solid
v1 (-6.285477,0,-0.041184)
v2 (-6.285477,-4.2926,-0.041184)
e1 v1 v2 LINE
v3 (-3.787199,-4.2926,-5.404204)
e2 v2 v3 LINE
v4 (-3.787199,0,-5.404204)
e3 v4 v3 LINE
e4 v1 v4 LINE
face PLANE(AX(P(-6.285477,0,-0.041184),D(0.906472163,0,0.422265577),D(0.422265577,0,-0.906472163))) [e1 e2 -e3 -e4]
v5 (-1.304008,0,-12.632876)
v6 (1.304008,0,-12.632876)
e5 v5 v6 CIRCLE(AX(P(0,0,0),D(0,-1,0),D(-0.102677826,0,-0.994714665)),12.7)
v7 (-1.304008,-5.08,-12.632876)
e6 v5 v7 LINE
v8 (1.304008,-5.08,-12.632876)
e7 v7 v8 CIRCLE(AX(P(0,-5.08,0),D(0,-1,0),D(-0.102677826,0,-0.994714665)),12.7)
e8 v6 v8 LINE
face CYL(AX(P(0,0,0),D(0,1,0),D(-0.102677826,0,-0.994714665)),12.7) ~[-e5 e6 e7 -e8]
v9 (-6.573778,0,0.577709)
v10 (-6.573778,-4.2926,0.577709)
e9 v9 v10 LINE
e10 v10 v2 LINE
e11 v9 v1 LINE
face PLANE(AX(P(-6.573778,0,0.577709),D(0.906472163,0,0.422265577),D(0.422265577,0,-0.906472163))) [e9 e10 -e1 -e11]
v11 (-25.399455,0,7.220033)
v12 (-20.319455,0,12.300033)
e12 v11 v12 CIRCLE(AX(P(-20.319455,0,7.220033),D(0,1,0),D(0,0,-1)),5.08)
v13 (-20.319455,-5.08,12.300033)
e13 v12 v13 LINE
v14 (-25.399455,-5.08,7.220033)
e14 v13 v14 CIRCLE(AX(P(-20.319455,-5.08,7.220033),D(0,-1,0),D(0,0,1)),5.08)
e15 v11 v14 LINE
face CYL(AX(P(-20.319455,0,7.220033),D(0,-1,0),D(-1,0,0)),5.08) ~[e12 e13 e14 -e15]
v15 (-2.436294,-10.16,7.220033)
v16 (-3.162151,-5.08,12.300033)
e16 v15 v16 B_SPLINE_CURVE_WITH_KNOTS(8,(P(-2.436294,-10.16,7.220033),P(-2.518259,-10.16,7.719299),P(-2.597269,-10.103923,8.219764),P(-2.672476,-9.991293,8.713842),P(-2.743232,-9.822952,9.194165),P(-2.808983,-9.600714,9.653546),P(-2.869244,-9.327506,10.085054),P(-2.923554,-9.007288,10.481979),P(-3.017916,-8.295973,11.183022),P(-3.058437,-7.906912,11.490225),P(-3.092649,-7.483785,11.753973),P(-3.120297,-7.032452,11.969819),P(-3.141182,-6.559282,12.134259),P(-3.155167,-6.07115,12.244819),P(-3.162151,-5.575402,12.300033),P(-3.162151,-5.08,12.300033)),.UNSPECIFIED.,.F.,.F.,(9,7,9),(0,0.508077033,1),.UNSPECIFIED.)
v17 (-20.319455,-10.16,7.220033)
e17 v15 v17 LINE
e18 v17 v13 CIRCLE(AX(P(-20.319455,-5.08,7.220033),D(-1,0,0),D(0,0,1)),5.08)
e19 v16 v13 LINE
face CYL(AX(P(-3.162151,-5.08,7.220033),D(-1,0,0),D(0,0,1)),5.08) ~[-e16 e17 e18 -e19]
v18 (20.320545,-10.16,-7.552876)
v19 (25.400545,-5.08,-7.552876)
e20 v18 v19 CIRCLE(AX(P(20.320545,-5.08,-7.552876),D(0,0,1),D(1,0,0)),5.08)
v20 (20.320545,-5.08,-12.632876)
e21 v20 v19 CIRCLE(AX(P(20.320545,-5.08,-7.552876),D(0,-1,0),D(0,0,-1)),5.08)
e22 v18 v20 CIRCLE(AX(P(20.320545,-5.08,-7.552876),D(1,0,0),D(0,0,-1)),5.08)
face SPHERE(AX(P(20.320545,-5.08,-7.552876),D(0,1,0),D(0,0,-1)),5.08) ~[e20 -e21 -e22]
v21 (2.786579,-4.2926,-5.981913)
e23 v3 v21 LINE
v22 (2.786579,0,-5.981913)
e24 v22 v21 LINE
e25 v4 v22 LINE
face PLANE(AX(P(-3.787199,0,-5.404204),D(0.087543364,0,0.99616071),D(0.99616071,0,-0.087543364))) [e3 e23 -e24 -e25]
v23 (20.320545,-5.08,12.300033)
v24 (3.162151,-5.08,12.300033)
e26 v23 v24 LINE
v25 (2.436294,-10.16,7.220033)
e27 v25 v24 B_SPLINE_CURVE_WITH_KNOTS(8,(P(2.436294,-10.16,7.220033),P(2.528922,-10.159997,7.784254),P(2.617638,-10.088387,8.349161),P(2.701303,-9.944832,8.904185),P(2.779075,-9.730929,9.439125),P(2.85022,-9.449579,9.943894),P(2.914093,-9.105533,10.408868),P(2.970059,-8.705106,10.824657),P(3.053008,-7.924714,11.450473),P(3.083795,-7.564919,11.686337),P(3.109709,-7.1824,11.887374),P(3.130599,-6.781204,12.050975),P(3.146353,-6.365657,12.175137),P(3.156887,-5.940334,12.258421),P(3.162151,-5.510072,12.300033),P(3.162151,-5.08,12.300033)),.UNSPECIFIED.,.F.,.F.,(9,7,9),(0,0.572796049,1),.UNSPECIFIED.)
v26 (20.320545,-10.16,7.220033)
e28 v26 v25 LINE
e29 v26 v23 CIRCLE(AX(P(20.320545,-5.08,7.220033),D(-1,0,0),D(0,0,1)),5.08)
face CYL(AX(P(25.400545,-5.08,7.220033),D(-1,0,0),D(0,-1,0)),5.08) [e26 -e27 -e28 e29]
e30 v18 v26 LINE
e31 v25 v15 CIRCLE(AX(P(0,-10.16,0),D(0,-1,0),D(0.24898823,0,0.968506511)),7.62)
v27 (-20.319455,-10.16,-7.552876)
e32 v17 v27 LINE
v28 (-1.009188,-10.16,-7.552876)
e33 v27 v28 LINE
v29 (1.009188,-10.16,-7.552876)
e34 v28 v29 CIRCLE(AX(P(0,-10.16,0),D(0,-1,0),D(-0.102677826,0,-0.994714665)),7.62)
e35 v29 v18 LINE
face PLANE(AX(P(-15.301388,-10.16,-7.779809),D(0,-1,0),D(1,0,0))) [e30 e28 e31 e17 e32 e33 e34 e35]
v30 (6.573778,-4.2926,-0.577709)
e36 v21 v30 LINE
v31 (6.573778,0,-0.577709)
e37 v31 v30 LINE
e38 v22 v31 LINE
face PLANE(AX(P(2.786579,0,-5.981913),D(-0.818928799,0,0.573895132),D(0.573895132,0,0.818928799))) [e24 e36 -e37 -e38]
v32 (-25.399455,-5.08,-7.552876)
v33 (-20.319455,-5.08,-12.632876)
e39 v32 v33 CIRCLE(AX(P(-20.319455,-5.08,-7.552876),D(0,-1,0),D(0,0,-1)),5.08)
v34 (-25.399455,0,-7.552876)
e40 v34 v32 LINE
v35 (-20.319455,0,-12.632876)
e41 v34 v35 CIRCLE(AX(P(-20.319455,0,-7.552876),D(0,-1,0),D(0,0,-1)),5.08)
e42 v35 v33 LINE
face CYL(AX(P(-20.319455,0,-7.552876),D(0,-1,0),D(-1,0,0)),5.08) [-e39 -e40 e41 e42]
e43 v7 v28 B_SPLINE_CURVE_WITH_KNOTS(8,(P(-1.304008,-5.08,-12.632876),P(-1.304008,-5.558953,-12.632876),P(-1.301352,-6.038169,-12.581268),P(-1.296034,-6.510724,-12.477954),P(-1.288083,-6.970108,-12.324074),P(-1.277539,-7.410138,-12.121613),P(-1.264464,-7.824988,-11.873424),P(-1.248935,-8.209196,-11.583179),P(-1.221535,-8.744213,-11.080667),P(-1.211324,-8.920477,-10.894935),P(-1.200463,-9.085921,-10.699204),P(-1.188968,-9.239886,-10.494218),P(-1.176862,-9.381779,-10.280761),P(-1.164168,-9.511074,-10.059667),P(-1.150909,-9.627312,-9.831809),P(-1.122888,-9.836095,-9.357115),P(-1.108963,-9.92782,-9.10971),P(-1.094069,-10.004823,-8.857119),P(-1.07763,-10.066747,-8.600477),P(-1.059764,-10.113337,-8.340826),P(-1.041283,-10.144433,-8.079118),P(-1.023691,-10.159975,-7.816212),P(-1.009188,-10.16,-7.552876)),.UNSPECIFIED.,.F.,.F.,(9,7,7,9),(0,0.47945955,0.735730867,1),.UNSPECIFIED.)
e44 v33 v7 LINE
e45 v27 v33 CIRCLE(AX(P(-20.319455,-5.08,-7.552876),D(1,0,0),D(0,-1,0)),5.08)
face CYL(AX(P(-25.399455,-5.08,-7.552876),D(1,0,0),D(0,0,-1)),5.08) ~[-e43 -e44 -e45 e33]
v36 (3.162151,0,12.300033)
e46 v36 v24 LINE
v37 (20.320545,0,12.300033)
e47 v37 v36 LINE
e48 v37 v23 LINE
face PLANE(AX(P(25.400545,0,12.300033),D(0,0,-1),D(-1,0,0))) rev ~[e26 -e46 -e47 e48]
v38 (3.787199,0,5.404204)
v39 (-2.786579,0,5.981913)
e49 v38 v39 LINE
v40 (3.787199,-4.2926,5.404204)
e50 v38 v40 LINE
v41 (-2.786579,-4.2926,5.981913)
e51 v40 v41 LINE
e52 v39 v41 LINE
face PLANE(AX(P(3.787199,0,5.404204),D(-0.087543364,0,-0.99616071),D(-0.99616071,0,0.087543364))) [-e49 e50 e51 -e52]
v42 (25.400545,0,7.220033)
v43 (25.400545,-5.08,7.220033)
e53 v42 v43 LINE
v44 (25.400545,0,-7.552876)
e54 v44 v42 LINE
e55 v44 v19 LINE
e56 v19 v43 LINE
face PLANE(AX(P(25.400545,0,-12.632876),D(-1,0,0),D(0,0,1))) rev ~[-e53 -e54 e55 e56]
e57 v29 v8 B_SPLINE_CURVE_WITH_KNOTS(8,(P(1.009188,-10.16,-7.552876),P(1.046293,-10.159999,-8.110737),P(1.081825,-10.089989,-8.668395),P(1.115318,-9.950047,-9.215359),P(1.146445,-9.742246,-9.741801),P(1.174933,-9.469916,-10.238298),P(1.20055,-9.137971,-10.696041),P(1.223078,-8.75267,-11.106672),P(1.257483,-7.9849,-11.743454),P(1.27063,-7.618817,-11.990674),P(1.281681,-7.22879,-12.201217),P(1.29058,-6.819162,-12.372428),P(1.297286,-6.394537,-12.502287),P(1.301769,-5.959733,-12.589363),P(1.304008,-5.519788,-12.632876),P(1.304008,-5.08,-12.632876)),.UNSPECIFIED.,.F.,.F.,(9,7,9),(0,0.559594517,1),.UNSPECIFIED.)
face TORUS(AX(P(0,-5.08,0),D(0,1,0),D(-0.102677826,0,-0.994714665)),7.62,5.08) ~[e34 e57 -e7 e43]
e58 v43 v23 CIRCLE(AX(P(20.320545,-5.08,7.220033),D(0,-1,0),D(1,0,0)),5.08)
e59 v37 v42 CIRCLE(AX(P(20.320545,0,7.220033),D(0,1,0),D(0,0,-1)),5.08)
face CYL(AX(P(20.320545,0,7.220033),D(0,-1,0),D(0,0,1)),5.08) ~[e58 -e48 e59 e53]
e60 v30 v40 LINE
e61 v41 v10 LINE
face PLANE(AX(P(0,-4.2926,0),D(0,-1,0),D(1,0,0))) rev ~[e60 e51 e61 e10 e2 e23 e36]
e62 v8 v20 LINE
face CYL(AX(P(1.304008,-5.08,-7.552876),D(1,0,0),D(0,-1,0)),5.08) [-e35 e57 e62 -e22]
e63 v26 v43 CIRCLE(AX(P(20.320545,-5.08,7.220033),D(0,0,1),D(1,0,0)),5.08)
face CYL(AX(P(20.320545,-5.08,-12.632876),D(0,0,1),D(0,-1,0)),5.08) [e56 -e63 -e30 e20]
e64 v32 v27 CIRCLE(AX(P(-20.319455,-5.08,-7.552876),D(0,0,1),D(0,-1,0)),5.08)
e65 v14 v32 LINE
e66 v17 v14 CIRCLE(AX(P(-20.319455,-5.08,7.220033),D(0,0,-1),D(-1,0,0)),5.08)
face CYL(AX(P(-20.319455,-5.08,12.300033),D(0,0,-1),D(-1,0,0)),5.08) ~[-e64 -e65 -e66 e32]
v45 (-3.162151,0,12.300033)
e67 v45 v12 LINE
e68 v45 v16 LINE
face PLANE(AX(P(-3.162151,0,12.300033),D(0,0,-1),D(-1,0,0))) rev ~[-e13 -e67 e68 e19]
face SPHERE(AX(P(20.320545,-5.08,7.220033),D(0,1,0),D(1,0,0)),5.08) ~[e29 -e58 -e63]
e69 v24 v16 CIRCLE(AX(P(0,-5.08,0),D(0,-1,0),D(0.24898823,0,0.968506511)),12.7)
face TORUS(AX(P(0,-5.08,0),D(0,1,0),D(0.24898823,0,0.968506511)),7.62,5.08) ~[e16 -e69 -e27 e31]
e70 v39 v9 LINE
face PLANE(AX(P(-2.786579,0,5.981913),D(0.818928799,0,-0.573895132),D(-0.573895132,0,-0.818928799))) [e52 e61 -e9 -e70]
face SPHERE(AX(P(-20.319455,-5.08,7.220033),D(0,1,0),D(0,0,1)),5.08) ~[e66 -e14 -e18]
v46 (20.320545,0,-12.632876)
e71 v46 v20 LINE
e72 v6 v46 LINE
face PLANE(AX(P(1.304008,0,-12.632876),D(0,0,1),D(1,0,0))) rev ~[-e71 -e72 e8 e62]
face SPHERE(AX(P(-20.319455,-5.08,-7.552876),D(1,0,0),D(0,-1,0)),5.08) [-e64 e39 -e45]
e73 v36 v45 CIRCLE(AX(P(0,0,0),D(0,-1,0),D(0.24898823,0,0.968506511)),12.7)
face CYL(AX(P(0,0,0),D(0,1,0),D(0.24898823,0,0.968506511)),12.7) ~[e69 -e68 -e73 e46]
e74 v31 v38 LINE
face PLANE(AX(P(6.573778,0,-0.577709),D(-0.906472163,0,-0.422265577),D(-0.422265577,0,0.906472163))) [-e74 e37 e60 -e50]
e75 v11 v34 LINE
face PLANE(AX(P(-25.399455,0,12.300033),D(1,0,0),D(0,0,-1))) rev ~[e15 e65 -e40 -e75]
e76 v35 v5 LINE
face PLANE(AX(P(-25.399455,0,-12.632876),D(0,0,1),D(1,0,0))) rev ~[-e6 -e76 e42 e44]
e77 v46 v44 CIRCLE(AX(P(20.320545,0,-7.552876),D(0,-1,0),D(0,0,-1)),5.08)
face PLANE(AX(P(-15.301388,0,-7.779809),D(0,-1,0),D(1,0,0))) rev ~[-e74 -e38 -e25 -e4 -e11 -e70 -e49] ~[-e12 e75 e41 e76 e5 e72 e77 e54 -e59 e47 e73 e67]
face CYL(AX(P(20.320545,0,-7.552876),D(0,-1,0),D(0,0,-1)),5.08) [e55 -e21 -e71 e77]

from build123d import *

# Parameters (mm, degrees)
F1_DEPTH = 10.16
F2_DEPTH = 4.2926
F3_R     = 5.08


with BuildPart() as f1:
    # F0 (on Front) → F1 (new body)
    with BuildSketch(Plane.XZ):
        with BuildLine():
            ThreePointArc((-1.3040083906, -12.6328762409), (-9.4021103543, -8.5375828479), (-12.6997273966, -0.0832108883))
            Line((-12.6997273966, -0.0832108883), (-25.3994547932, -0.1664217767))
            Line((-25.3994547932, -0.1664217767), (-25.3994547932, -12.6328762409))
            Line((-25.3994547932, -12.6328762409), (-1.3040083906, -12.6328762409))
        make_face()
        with BuildLine():
            Line((-25.3994547932, -0.1664217767), (-12.6997273966, -0.0832108883))
            ThreePointArc((-12.6997273966, -0.0832108883), (-10.061608872, 7.7494533295), (-3.162150516, 12.3000326875))
            Line((-3.162150516, 12.3000326875), (-25.3994547932, 12.3000326875))
            Line((-25.3994547932, 12.3000326875), (-25.3994547932, -0.1664217767))
        make_face()
        with BuildLine():
            Line((25.4005452068, 12.3000326875), (3.162150516, 12.3000326875))
            ThreePointArc((3.162150516, 12.3000326875), (10.0361673848, 7.7823739452), (12.7, 0))
            ThreePointArc((12.7, 0), (9.4300293361, -8.5067353738), (1.3040083906, -12.6328762409))
            Line((1.3040083906, -12.6328762409), (25.4005452068, -12.6328762409))
            Line((25.4005452068, -12.6328762409), (25.4005452068, 12.3000326875))
        make_face()
        with BuildLine():
            ThreePointArc((-3.162150516, 12.3000326875), (-10.061608872, 7.7494533295), (-12.6997273966, -0.0832108883))
            ThreePointArc((-12.6997273966, -0.0832108883), (-9.4021103543, -8.5375828479), (-1.3040083906, -12.6328762409))
            Line((-1.3040083906, -12.6328762409), (1.3040083906, -12.6328762409))
            ThreePointArc((1.3040083906, -12.6328762409), (9.4300293361, -8.5067353738), (12.7, 0))
            ThreePointArc((12.7, 0), (10.0361673848, 7.7823739452), (3.162150516, 12.3000326875))
            Line((3.162150516, 12.3000326875), (-3.162150516, 12.3000326875))
        make_face()
        Polygon((-2.7865785047, 5.9819127574), (3.7871991587, 5.4042041534), (6.5737776635, -0.5777086039), (2.7865785047, -5.9819127574), (-3.7871991587, -5.4042041534), (-6.2854766309, -0.0411835686), (-6.5737776635, 0.5777086039), align=None, mode=Mode.SUBTRACT)
        Polygon((6.5737776635, -0.5777086039), (3.7871991587, 5.4042041534), (-2.7865785047, 5.9819127574), (-6.5737776635, 0.5777086039), (-6.2854766309, -0.0411835686), (-3.7871991587, -5.4042041534), (2.7865785047, -5.9819127574), align=None)
        with BuildLine():
            Line((1.3040083906, -12.6328762409), (-1.3040083906, -12.6328762409))
            ThreePointArc((-1.3040083906, -12.6328762409), (0, -12.7), (1.3040083906, -12.6328762409))
        make_face()
        with BuildLine():
            ThreePointArc((3.162150516, 12.3000326875), (0, 12.7), (-3.162150516, 12.3000326875))
            Line((-3.162150516, 12.3000326875), (3.162150516, 12.3000326875))
        make_face()
    extrude(amount=F1_DEPTH)

    # F0 (on Front) → F2 (cut)
    with BuildSketch(Plane.XZ):
        Polygon((6.5737776635, -0.5777086039), (3.7871991587, 5.4042041534), (-2.7865785047, 5.9819127574), (-6.5737776635, 0.5777086039), (-6.2854766309, -0.0411835686), (-3.7871991587, -5.4042041534), (2.7865785047, -5.9819127574), align=None)
    extrude(amount=F2_DEPTH, mode=Mode.SUBTRACT)

    # F3
    f3_edges = [f1.edges().sort_by_distance(p)[0] for p in [
        (-25.399455, -5.08, 12.300033),
        (25.400545, -5.08, 12.300033),
        (25.400545, -5.08, -12.632876),
        (13.352277, -10.16, -12.632876),
        (-13.351732, -10.16, -12.632876),
        (0, -10.16, -12.7),
        (25.400545, -10.16, -0.166422),
        (14.281348, -10.16, 12.300033),
        (0, -10.16, 12.7),
        (-14.280803, -10.16, 12.300033),
        (-25.399455, -10.16, -0.166422),
        (-25.399455, -5.08, -12.632876),
    ]]
    fillet(f3_edges, radius=F3_R)


solid = f1.part
